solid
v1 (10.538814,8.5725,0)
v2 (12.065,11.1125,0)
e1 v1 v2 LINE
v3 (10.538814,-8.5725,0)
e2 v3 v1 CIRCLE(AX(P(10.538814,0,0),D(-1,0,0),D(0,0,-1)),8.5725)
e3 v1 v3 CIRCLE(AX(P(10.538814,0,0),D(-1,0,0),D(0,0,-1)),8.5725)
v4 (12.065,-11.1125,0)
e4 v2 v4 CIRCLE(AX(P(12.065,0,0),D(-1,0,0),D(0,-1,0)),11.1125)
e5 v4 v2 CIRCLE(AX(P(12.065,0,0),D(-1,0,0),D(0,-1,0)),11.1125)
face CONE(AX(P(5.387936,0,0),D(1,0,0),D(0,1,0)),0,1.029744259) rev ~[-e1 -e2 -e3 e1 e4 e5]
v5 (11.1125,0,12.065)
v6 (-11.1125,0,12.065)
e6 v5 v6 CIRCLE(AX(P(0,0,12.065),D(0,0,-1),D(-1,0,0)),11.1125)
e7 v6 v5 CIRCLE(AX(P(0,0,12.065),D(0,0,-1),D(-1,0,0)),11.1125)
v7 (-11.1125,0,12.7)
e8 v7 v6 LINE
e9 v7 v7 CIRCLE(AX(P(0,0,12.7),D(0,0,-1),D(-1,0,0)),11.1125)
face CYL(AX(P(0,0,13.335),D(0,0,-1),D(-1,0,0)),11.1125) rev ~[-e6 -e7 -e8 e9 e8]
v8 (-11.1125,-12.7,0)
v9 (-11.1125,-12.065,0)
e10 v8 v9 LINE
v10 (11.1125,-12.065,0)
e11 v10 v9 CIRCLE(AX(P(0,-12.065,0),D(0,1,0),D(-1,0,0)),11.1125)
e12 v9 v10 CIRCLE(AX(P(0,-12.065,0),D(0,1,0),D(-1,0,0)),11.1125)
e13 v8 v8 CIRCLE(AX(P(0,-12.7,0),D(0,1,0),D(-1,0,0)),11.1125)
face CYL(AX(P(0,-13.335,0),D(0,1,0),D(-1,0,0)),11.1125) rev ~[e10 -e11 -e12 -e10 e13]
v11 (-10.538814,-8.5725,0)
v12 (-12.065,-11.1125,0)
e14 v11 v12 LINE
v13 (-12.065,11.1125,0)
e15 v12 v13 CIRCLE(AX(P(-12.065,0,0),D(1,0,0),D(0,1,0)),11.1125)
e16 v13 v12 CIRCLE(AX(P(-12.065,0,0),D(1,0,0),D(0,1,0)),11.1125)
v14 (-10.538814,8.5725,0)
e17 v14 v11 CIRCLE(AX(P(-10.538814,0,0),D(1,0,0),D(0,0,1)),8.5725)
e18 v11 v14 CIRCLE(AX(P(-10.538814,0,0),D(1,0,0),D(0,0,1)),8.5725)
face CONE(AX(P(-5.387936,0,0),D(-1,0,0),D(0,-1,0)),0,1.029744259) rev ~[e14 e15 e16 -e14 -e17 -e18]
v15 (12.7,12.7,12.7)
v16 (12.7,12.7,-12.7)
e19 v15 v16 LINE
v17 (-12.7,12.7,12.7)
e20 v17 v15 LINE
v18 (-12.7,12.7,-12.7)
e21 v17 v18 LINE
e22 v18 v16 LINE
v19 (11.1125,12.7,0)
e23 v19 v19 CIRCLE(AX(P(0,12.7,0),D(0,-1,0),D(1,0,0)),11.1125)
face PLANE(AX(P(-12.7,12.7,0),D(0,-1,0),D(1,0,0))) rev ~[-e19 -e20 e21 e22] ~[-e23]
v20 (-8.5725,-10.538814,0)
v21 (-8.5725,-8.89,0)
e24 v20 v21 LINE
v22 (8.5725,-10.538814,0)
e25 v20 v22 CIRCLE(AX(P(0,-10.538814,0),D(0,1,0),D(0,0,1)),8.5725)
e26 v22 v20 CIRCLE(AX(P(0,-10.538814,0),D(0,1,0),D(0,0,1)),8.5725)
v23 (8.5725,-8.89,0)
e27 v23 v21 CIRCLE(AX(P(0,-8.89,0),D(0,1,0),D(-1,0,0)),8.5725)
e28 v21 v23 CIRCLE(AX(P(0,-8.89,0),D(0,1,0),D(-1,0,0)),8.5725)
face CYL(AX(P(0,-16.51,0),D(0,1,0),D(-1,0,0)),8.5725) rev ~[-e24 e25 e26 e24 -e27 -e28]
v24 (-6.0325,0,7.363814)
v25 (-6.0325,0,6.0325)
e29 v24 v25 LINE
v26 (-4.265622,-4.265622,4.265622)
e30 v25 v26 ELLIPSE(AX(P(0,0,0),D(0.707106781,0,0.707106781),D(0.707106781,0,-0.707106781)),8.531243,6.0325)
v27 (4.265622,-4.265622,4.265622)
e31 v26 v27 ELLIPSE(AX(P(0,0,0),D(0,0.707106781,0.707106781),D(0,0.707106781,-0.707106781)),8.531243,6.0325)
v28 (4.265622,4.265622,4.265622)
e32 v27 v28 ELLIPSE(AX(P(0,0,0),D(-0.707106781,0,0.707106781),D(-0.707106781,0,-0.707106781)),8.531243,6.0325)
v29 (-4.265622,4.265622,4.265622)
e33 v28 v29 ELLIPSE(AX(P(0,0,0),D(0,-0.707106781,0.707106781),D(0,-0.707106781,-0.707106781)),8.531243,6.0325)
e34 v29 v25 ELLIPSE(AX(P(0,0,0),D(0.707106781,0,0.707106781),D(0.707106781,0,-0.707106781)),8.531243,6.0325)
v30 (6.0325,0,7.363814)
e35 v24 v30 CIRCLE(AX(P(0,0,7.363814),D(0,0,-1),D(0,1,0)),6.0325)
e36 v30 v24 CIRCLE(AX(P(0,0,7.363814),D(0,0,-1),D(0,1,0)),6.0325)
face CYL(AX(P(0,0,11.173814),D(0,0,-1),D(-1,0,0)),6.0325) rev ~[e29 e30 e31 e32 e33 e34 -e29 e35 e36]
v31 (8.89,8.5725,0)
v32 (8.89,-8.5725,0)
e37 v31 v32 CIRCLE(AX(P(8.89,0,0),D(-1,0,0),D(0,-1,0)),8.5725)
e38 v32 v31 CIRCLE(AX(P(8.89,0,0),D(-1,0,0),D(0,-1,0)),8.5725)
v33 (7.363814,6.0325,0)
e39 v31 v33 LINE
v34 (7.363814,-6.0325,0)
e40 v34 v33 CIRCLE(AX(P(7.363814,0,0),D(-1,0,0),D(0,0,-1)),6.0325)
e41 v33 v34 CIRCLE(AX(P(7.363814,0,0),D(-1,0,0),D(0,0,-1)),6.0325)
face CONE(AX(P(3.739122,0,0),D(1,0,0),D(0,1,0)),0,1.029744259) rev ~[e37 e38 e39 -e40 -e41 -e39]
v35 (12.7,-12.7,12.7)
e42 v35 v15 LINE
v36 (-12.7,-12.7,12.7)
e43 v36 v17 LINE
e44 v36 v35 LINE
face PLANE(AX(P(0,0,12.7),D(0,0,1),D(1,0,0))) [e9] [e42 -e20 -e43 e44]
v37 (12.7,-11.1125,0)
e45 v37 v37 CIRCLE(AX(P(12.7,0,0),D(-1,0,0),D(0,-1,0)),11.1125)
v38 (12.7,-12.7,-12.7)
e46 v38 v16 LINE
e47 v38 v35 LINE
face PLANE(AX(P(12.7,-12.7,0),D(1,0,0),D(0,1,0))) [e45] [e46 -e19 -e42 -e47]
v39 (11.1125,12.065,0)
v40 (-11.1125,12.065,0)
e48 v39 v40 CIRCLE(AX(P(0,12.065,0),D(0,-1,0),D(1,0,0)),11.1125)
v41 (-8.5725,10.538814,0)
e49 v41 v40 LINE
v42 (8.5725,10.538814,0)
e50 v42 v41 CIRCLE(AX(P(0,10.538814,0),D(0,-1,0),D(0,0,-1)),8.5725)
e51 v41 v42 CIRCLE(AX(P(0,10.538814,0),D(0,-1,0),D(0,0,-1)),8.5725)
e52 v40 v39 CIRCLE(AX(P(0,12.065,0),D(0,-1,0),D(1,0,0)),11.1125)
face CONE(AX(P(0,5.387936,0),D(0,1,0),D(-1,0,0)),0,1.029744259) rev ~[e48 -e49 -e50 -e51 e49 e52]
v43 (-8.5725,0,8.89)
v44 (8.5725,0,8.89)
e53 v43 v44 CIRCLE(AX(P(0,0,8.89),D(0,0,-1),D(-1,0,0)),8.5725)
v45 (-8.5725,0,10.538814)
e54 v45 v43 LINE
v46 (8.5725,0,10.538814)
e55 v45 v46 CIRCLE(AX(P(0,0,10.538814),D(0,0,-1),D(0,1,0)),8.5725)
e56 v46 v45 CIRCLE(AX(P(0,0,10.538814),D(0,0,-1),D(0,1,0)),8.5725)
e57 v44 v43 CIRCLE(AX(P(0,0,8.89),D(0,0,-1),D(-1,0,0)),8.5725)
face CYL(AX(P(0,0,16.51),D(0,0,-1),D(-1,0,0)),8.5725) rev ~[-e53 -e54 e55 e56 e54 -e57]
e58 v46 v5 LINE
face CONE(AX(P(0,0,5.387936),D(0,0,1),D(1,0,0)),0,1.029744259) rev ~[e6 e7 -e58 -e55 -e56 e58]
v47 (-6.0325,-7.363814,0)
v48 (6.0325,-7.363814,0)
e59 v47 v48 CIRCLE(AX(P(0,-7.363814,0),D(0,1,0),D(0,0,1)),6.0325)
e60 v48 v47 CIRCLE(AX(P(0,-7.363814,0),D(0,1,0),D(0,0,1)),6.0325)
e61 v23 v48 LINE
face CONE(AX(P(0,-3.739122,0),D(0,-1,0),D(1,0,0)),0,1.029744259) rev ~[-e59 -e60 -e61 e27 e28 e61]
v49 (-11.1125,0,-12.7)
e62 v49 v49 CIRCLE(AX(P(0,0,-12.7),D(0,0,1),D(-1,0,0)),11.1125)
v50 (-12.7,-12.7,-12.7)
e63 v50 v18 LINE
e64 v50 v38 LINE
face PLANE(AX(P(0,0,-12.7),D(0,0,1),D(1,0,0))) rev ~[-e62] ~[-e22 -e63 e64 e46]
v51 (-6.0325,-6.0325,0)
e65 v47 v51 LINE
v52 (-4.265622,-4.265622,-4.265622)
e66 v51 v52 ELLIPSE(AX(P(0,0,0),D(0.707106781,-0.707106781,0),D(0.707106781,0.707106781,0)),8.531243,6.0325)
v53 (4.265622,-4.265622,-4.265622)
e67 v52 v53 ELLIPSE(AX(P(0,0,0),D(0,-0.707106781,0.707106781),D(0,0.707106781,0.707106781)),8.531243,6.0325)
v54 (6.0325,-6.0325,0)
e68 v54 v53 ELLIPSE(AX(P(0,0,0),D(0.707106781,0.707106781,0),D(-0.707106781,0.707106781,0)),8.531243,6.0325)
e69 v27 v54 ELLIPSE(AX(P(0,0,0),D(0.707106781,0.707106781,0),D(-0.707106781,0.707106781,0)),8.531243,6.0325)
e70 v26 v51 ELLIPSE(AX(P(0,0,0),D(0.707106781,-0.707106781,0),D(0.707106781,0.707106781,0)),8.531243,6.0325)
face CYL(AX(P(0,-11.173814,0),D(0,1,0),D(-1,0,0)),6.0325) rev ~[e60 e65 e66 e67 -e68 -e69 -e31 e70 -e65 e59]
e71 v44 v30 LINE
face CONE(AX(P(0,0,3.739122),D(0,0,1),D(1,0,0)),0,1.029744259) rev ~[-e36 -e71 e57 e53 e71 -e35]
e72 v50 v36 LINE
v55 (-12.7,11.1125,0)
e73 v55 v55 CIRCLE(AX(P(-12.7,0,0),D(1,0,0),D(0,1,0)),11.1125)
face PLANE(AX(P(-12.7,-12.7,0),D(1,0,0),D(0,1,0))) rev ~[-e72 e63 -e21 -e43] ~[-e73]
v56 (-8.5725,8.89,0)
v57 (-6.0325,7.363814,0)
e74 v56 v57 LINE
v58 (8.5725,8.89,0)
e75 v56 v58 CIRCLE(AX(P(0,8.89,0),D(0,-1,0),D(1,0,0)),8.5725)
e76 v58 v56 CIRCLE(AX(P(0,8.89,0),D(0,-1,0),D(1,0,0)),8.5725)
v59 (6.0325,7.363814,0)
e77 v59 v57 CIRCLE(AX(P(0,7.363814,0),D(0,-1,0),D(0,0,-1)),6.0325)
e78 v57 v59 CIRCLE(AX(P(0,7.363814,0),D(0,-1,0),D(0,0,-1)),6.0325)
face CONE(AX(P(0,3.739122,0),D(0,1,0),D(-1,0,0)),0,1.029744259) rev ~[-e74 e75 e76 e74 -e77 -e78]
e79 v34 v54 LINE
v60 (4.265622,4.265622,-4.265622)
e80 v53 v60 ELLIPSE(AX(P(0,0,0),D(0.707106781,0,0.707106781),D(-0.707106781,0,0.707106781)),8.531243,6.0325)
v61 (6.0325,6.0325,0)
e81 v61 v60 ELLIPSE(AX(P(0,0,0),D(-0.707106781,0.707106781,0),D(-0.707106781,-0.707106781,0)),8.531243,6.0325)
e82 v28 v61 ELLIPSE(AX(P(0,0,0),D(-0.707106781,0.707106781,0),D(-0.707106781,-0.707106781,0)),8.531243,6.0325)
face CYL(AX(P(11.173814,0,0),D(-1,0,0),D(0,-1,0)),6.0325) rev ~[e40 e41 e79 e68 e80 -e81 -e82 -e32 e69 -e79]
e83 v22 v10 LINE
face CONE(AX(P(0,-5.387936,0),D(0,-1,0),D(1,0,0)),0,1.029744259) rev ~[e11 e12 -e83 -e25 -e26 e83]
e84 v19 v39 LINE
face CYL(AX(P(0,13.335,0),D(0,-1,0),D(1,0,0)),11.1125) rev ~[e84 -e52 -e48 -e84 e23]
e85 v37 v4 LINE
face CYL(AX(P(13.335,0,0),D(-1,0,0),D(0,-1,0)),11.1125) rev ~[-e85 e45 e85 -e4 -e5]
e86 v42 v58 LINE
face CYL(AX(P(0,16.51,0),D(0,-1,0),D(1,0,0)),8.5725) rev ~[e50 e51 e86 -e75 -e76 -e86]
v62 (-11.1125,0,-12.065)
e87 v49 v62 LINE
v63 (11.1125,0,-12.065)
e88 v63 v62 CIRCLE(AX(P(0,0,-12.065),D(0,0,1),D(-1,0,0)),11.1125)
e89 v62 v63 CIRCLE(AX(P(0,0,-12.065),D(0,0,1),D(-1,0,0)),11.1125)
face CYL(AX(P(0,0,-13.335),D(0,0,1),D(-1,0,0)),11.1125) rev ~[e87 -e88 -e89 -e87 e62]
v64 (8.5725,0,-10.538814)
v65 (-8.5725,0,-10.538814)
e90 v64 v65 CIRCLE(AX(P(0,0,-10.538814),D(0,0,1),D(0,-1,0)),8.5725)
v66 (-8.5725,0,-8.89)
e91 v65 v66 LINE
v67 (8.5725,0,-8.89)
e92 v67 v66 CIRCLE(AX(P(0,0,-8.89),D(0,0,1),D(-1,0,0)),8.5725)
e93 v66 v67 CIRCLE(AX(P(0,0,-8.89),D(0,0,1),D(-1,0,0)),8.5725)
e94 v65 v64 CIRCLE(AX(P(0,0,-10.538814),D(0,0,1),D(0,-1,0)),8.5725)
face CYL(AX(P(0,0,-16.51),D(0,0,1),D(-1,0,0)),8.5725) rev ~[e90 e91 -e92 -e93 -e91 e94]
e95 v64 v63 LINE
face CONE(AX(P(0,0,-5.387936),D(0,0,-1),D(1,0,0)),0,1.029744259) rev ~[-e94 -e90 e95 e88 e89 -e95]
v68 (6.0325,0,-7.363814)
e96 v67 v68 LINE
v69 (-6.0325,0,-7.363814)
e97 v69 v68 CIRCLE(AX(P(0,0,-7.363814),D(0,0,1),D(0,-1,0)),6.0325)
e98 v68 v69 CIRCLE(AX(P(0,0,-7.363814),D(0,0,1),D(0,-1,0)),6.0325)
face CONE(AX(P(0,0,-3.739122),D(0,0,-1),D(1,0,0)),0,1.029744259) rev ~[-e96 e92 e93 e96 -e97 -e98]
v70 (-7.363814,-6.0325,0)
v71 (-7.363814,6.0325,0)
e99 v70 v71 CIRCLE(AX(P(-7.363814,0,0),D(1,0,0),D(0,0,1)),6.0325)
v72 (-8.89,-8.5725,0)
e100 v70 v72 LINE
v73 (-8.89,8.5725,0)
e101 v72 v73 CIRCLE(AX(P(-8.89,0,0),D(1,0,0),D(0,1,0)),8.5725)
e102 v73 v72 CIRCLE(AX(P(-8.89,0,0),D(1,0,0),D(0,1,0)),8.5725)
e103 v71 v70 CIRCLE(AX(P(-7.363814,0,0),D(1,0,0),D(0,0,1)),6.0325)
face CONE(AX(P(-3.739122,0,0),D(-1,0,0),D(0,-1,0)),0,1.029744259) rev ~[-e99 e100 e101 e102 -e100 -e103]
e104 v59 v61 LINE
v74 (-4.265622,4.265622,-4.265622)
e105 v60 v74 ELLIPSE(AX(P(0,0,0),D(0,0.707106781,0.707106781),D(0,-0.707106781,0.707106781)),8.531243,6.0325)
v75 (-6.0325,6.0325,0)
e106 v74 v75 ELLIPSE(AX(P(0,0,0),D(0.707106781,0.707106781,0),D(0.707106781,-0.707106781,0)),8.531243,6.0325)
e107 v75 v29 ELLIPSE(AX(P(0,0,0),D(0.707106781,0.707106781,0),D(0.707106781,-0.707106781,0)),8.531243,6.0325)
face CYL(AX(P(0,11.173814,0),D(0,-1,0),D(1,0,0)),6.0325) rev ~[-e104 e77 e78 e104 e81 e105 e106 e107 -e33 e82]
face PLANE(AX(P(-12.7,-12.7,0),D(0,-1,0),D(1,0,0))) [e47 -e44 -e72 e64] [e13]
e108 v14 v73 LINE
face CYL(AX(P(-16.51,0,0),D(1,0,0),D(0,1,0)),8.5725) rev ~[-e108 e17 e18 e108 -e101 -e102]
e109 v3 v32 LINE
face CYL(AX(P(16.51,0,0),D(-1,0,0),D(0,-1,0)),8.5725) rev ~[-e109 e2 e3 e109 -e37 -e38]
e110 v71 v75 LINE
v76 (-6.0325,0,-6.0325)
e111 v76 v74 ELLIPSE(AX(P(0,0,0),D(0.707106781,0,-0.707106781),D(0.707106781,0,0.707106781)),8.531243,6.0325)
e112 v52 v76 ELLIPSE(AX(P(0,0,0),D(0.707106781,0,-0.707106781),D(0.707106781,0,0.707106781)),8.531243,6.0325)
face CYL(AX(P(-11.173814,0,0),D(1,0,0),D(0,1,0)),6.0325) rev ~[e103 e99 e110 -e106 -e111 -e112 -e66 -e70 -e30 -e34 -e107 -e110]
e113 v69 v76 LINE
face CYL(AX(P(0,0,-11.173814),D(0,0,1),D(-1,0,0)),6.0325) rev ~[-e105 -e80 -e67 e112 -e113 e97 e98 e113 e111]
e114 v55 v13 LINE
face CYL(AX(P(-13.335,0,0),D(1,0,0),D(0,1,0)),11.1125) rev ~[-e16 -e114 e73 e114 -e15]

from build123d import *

# Parameters (mm, degrees)
F0_W             = 25.4
F0_H             = 25.4
F1_DEPTH         = 12.7
F3_D             = 3.175
F5_D             = 3.175
F7_D             = 3.175
F11_D            = 17.145
F11_DEPTH        = 3.81
F11_TIP          = 5.1508776566
F11_ON_F6_D      = 17.145
F11_ON_F6_DEPTH  = 3.81
F11_ON_F6_TIP    = 5.1508776566
F11_ON_F10_D     = 17.145
F11_ON_F10_DEPTH = 3.81
F11_ON_F10_TIP   = 5.1508776566
F11_ON_F4_D      = 17.145
F11_ON_F4_DEPTH  = 3.81
F11_ON_F4_TIP    = 5.1508776566
F11_ON_F9_D      = 17.145
F11_ON_F9_DEPTH  = 3.81
F11_ON_F9_TIP    = 5.1508776566
F11_ON_F2_D      = 17.145
F11_ON_F2_DEPTH  = 3.81
F11_ON_F2_TIP    = 5.1508776566
F12_D            = 22.225
F12_DEPTH        = 0.635
F12_TIP          = 6.6770636289
F12_ON_F2_D      = 22.225
F12_ON_F2_DEPTH  = 0.635
F12_ON_F2_TIP    = 6.6770636289
F12_ON_F10_D     = 22.225
F12_ON_F10_DEPTH = 0.635
F12_ON_F10_TIP   = 6.6770636289
F12_ON_F8_D      = 22.225
F12_ON_F8_DEPTH  = 0.635
F12_ON_F8_TIP    = 6.6770636289
F12_ON_F4_D      = 22.225
F12_ON_F4_DEPTH  = 0.635
F12_ON_F4_TIP    = 6.6770636289
F12_ON_F6_D      = 22.225
F12_ON_F6_DEPTH  = 0.635
F12_ON_F6_TIP    = 6.6770636289
F13_D            = 12.065
F13_DEPTH        = 3.81
F13_START        = 5.336186
F13_TIP          = 3.6246916843
F13_ON_F8_D      = 12.065
F13_ON_F8_DEPTH  = 3.81
F13_ON_F8_START  = 5.336186
F13_ON_F8_TIP    = 3.6246916843
F13_ON_F10_D     = 12.065
F13_ON_F10_DEPTH = 3.81
F13_ON_F10_START = 5.336186
F13_ON_F10_TIP   = 3.6246916843
F13_ON_F9_D      = 12.065
F13_ON_F9_DEPTH  = 3.81
F13_ON_F9_START  = 5.336186
F13_ON_F9_TIP    = 3.6246916843
F13_ON_F6_D      = 12.065
F13_ON_F6_DEPTH  = 3.81
F13_ON_F6_START  = 5.336186
F13_ON_F6_TIP    = 3.6246916843
F13_ON_F2_D      = 12.065
F13_ON_F2_DEPTH  = 3.81
F13_ON_F2_START  = 5.336186
F13_ON_F2_TIP    = 3.6246916843


with BuildPart() as f1:
    # F0 (on Top) → F1 (new body, symmetric)
    with BuildSketch(Plane.XY):
        Rectangle(F0_W, F0_H)
    extrude(amount=F1_DEPTH, both=True)

    # F3 (through all)
    with Locations(Plane.XY.offset(12.7)):
        with Locations((0, 0)):
            Hole(F3_D / 2)

    # F5 (through all)
    with Locations(Plane(origin=(-12.7, 0, 0), x_dir=(0, -1, 0), z_dir=(-1, 0, 0))):
        with Locations((0, 0)):
            Hole(F5_D / 2)

    # F7 (through all)
    with Locations(Plane(origin=(0, 12.7, 0), x_dir=(-1, 0, 0), z_dir=(0, 1, 0))):
        with Locations((0, 0)):
            Hole(F7_D / 2)

    # F11
    with Locations(Plane(origin=(0, 0, -12.7), x_dir=(1, 0, 0), z_dir=(0, 0, -1))):
        with Locations((0, 0)):
            Hole(F11_D / 2, depth=F11_DEPTH)
            with Locations((0, 0, -(F11_DEPTH + F11_TIP / 2))):  # 118° drill point
                Cone(0, F11_D / 2, F11_TIP, mode=Mode.SUBTRACT)

    # F11 on F6
    with Locations(Plane(origin=(0, 12.7, 0), x_dir=(-1, 0, 0), z_dir=(0, 1, 0))):
        with Locations((0, 0)):
            Hole(F11_ON_F6_D / 2, depth=F11_ON_F6_DEPTH)
            with Locations((0, 0, -(F11_ON_F6_DEPTH + F11_ON_F6_TIP / 2))):  # 118° drill point
                Cone(0, F11_ON_F6_D / 2, F11_ON_F6_TIP, mode=Mode.SUBTRACT)

    # F11 on F10
    with Locations(Plane.XZ.offset(12.7)):
        with Locations((0, 0)):
            Hole(F11_ON_F10_D / 2, depth=F11_ON_F10_DEPTH)
            with Locations((0, 0, -(F11_ON_F10_DEPTH + F11_ON_F10_TIP / 2))):  # 118° drill point
                Cone(0, F11_ON_F10_D / 2, F11_ON_F10_TIP, mode=Mode.SUBTRACT)

    # F11 on F4
    with Locations(Plane(origin=(-12.7, 0, 0), x_dir=(0, -1, 0), z_dir=(-1, 0, 0))):
        with Locations((0, 0)):
            Hole(F11_ON_F4_D / 2, depth=F11_ON_F4_DEPTH)
            with Locations((0, 0, -(F11_ON_F4_DEPTH + F11_ON_F4_TIP / 2))):  # 118° drill point
                Cone(0, F11_ON_F4_D / 2, F11_ON_F4_TIP, mode=Mode.SUBTRACT)

    # F11 on F9
    with Locations(Plane.YZ.offset(12.7)):
        with Locations((0, 0)):
            Hole(F11_ON_F9_D / 2, depth=F11_ON_F9_DEPTH)
            with Locations((0, 0, -(F11_ON_F9_DEPTH + F11_ON_F9_TIP / 2))):  # 118° drill point
                Cone(0, F11_ON_F9_D / 2, F11_ON_F9_TIP, mode=Mode.SUBTRACT)

    # F11 on F2
    with Locations(Plane.XY.offset(12.7)):
        with Locations((0, 0)):
            Hole(F11_ON_F2_D / 2, depth=F11_ON_F2_DEPTH)
            with Locations((0, 0, -(F11_ON_F2_DEPTH + F11_ON_F2_TIP / 2))):  # 118° drill point
                Cone(0, F11_ON_F2_D / 2, F11_ON_F2_TIP, mode=Mode.SUBTRACT)

    # F12
    with Locations(Plane.YZ.offset(12.7)):
        with Locations((0, 0)):
            Hole(F12_D / 2, depth=F12_DEPTH)
            with Locations((0, 0, -(F12_DEPTH + F12_TIP / 2))):  # 118° drill point
                Cone(0, F12_D / 2, F12_TIP, mode=Mode.SUBTRACT)

    # F12 on F2
    with Locations(Plane.XY.offset(12.7)):
        with Locations((0, 0)):
            Hole(F12_ON_F2_D / 2, depth=F12_ON_F2_DEPTH)
            with Locations((0, 0, -(F12_ON_F2_DEPTH + F12_ON_F2_TIP / 2))):  # 118° drill point
                Cone(0, F12_ON_F2_D / 2, F12_ON_F2_TIP, mode=Mode.SUBTRACT)

    # F12 on F10
    with Locations(Plane.XZ.offset(12.7)):
        with Locations((0, 0)):
            Hole(F12_ON_F10_D / 2, depth=F12_ON_F10_DEPTH)
            with Locations((0, 0, -(F12_ON_F10_DEPTH + F12_ON_F10_TIP / 2))):  # 118° drill point
                Cone(0, F12_ON_F10_D / 2, F12_ON_F10_TIP, mode=Mode.SUBTRACT)

    # F12 on F8
    with Locations(Plane(origin=(0, 0, -12.7), x_dir=(1, 0, 0), z_dir=(0, 0, -1))):
        with Locations((0, 0)):
            Hole(F12_ON_F8_D / 2, depth=F12_ON_F8_DEPTH)
            with Locations((0, 0, -(F12_ON_F8_DEPTH + F12_ON_F8_TIP / 2))):  # 118° drill point
                Cone(0, F12_ON_F8_D / 2, F12_ON_F8_TIP, mode=Mode.SUBTRACT)

    # F12 on F4
    with Locations(Plane(origin=(-12.7, 0, 0), x_dir=(0, -1, 0), z_dir=(-1, 0, 0))):
        with Locations((0, 0)):
            Hole(F12_ON_F4_D / 2, depth=F12_ON_F4_DEPTH)
            with Locations((0, 0, -(F12_ON_F4_DEPTH + F12_ON_F4_TIP / 2))):  # 118° drill point
                Cone(0, F12_ON_F4_D / 2, F12_ON_F4_TIP, mode=Mode.SUBTRACT)

    # F12 on F6
    with Locations(Plane(origin=(0, 12.7, 0), x_dir=(-1, 0, 0), z_dir=(0, 1, 0))):
        with Locations((0, 0)):
            Hole(F12_ON_F6_D / 2, depth=F12_ON_F6_DEPTH)
            with Locations((0, 0, -(F12_ON_F6_DEPTH + F12_ON_F6_TIP / 2))):  # 118° drill point
                Cone(0, F12_ON_F6_D / 2, F12_ON_F6_TIP, mode=Mode.SUBTRACT)

    # F13
    # its depths count from where the whole tool has entered the part; down to there all is cleared
    with Locations(Plane(origin=(-12.7, 0, 0), x_dir=(0, -1, 0), z_dir=(-1, 0, 0))):
        with Locations((0, 0)):
            Hole(F13_D / 2, depth=F13_START)
    with Locations(Plane(origin=(-12.7, 0, 0), x_dir=(0, -1, 0), z_dir=(-1, 0, 0)).offset(-F13_START)):
        with Locations((0, 0)):
            Hole(F13_D / 2, depth=F13_DEPTH)
            with Locations((0, 0, -(F13_DEPTH + F13_TIP / 2))):  # 118° drill point
                Cone(0, F13_D / 2, F13_TIP, mode=Mode.SUBTRACT)

    # F13 on F8
    # its depths count from where the whole tool has entered the part; down to there all is cleared
    with Locations(Plane(origin=(0, 0, -12.7), x_dir=(1, 0, 0), z_dir=(0, 0, -1))):
        with Locations((0, 0)):
            Hole(F13_ON_F8_D / 2, depth=F13_ON_F8_START)
    with Locations(Plane(origin=(0, 0, -12.7), x_dir=(1, 0, 0), z_dir=(0, 0, -1)).offset(-F13_ON_F8_START)):
        with Locations((0, 0)):
            Hole(F13_ON_F8_D / 2, depth=F13_ON_F8_DEPTH)
            with Locations((0, 0, -(F13_ON_F8_DEPTH + F13_ON_F8_TIP / 2))):  # 118° drill point
                Cone(0, F13_ON_F8_D / 2, F13_ON_F8_TIP, mode=Mode.SUBTRACT)

    # F13 on F10
    # its depths count from where the whole tool has entered the part; down to there all is cleared
    with Locations(Plane.XZ.offset(12.7)):
        with Locations((0, 0)):
            Hole(F13_ON_F10_D / 2, depth=F13_ON_F10_START)
    with Locations(Plane.XZ.offset(12.7).offset(-F13_ON_F10_START)):
        with Locations((0, 0)):
            Hole(F13_ON_F10_D / 2, depth=F13_ON_F10_DEPTH)
            with Locations((0, 0, -(F13_ON_F10_DEPTH + F13_ON_F10_TIP / 2))):  # 118° drill point
                Cone(0, F13_ON_F10_D / 2, F13_ON_F10_TIP, mode=Mode.SUBTRACT)

    # F13 on F9
    # its depths count from where the whole tool has entered the part; down to there all is cleared
    with Locations(Plane.YZ.offset(12.7)):
        with Locations((0, 0)):
            Hole(F13_ON_F9_D / 2, depth=F13_ON_F9_START)
    with Locations(Plane.YZ.offset(12.7).offset(-F13_ON_F9_START)):
        with Locations((0, 0)):
            Hole(F13_ON_F9_D / 2, depth=F13_ON_F9_DEPTH)
            with Locations((0, 0, -(F13_ON_F9_DEPTH + F13_ON_F9_TIP / 2))):  # 118° drill point
                Cone(0, F13_ON_F9_D / 2, F13_ON_F9_TIP, mode=Mode.SUBTRACT)

    # F13 on F6
    # its depths count from where the whole tool has entered the part; down to there all is cleared
    with Locations(Plane(origin=(0, 12.7, 0), x_dir=(-1, 0, 0), z_dir=(0, 1, 0))):
        with Locations((0, 0)):
            Hole(F13_ON_F6_D / 2, depth=F13_ON_F6_START)
    with Locations(Plane(origin=(0, 12.7, 0), x_dir=(-1, 0, 0), z_dir=(0, 1, 0)).offset(-F13_ON_F6_START)):
        with Locations((0, 0)):
            Hole(F13_ON_F6_D / 2, depth=F13_ON_F6_DEPTH)
            with Locations((0, 0, -(F13_ON_F6_DEPTH + F13_ON_F6_TIP / 2))):  # 118° drill point
                Cone(0, F13_ON_F6_D / 2, F13_ON_F6_TIP, mode=Mode.SUBTRACT)

    # F13 on F2
    # its depths count from where the whole tool has entered the part; down to there all is cleared
    with Locations(Plane.XY.offset(12.7)):
        with Locations((0, 0)):
            Hole(F13_ON_F2_D / 2, depth=F13_ON_F2_START)
    with Locations(Plane.XY.offset(12.7).offset(-F13_ON_F2_START)):
        with Locations((0, 0)):
            Hole(F13_ON_F2_D / 2, depth=F13_ON_F2_DEPTH)
            with Locations((0, 0, -(F13_ON_F2_DEPTH + F13_ON_F2_TIP / 2))):  # 118° drill point
                Cone(0, F13_ON_F2_D / 2, F13_ON_F2_TIP, mode=Mode.SUBTRACT)


solid = f1.part
